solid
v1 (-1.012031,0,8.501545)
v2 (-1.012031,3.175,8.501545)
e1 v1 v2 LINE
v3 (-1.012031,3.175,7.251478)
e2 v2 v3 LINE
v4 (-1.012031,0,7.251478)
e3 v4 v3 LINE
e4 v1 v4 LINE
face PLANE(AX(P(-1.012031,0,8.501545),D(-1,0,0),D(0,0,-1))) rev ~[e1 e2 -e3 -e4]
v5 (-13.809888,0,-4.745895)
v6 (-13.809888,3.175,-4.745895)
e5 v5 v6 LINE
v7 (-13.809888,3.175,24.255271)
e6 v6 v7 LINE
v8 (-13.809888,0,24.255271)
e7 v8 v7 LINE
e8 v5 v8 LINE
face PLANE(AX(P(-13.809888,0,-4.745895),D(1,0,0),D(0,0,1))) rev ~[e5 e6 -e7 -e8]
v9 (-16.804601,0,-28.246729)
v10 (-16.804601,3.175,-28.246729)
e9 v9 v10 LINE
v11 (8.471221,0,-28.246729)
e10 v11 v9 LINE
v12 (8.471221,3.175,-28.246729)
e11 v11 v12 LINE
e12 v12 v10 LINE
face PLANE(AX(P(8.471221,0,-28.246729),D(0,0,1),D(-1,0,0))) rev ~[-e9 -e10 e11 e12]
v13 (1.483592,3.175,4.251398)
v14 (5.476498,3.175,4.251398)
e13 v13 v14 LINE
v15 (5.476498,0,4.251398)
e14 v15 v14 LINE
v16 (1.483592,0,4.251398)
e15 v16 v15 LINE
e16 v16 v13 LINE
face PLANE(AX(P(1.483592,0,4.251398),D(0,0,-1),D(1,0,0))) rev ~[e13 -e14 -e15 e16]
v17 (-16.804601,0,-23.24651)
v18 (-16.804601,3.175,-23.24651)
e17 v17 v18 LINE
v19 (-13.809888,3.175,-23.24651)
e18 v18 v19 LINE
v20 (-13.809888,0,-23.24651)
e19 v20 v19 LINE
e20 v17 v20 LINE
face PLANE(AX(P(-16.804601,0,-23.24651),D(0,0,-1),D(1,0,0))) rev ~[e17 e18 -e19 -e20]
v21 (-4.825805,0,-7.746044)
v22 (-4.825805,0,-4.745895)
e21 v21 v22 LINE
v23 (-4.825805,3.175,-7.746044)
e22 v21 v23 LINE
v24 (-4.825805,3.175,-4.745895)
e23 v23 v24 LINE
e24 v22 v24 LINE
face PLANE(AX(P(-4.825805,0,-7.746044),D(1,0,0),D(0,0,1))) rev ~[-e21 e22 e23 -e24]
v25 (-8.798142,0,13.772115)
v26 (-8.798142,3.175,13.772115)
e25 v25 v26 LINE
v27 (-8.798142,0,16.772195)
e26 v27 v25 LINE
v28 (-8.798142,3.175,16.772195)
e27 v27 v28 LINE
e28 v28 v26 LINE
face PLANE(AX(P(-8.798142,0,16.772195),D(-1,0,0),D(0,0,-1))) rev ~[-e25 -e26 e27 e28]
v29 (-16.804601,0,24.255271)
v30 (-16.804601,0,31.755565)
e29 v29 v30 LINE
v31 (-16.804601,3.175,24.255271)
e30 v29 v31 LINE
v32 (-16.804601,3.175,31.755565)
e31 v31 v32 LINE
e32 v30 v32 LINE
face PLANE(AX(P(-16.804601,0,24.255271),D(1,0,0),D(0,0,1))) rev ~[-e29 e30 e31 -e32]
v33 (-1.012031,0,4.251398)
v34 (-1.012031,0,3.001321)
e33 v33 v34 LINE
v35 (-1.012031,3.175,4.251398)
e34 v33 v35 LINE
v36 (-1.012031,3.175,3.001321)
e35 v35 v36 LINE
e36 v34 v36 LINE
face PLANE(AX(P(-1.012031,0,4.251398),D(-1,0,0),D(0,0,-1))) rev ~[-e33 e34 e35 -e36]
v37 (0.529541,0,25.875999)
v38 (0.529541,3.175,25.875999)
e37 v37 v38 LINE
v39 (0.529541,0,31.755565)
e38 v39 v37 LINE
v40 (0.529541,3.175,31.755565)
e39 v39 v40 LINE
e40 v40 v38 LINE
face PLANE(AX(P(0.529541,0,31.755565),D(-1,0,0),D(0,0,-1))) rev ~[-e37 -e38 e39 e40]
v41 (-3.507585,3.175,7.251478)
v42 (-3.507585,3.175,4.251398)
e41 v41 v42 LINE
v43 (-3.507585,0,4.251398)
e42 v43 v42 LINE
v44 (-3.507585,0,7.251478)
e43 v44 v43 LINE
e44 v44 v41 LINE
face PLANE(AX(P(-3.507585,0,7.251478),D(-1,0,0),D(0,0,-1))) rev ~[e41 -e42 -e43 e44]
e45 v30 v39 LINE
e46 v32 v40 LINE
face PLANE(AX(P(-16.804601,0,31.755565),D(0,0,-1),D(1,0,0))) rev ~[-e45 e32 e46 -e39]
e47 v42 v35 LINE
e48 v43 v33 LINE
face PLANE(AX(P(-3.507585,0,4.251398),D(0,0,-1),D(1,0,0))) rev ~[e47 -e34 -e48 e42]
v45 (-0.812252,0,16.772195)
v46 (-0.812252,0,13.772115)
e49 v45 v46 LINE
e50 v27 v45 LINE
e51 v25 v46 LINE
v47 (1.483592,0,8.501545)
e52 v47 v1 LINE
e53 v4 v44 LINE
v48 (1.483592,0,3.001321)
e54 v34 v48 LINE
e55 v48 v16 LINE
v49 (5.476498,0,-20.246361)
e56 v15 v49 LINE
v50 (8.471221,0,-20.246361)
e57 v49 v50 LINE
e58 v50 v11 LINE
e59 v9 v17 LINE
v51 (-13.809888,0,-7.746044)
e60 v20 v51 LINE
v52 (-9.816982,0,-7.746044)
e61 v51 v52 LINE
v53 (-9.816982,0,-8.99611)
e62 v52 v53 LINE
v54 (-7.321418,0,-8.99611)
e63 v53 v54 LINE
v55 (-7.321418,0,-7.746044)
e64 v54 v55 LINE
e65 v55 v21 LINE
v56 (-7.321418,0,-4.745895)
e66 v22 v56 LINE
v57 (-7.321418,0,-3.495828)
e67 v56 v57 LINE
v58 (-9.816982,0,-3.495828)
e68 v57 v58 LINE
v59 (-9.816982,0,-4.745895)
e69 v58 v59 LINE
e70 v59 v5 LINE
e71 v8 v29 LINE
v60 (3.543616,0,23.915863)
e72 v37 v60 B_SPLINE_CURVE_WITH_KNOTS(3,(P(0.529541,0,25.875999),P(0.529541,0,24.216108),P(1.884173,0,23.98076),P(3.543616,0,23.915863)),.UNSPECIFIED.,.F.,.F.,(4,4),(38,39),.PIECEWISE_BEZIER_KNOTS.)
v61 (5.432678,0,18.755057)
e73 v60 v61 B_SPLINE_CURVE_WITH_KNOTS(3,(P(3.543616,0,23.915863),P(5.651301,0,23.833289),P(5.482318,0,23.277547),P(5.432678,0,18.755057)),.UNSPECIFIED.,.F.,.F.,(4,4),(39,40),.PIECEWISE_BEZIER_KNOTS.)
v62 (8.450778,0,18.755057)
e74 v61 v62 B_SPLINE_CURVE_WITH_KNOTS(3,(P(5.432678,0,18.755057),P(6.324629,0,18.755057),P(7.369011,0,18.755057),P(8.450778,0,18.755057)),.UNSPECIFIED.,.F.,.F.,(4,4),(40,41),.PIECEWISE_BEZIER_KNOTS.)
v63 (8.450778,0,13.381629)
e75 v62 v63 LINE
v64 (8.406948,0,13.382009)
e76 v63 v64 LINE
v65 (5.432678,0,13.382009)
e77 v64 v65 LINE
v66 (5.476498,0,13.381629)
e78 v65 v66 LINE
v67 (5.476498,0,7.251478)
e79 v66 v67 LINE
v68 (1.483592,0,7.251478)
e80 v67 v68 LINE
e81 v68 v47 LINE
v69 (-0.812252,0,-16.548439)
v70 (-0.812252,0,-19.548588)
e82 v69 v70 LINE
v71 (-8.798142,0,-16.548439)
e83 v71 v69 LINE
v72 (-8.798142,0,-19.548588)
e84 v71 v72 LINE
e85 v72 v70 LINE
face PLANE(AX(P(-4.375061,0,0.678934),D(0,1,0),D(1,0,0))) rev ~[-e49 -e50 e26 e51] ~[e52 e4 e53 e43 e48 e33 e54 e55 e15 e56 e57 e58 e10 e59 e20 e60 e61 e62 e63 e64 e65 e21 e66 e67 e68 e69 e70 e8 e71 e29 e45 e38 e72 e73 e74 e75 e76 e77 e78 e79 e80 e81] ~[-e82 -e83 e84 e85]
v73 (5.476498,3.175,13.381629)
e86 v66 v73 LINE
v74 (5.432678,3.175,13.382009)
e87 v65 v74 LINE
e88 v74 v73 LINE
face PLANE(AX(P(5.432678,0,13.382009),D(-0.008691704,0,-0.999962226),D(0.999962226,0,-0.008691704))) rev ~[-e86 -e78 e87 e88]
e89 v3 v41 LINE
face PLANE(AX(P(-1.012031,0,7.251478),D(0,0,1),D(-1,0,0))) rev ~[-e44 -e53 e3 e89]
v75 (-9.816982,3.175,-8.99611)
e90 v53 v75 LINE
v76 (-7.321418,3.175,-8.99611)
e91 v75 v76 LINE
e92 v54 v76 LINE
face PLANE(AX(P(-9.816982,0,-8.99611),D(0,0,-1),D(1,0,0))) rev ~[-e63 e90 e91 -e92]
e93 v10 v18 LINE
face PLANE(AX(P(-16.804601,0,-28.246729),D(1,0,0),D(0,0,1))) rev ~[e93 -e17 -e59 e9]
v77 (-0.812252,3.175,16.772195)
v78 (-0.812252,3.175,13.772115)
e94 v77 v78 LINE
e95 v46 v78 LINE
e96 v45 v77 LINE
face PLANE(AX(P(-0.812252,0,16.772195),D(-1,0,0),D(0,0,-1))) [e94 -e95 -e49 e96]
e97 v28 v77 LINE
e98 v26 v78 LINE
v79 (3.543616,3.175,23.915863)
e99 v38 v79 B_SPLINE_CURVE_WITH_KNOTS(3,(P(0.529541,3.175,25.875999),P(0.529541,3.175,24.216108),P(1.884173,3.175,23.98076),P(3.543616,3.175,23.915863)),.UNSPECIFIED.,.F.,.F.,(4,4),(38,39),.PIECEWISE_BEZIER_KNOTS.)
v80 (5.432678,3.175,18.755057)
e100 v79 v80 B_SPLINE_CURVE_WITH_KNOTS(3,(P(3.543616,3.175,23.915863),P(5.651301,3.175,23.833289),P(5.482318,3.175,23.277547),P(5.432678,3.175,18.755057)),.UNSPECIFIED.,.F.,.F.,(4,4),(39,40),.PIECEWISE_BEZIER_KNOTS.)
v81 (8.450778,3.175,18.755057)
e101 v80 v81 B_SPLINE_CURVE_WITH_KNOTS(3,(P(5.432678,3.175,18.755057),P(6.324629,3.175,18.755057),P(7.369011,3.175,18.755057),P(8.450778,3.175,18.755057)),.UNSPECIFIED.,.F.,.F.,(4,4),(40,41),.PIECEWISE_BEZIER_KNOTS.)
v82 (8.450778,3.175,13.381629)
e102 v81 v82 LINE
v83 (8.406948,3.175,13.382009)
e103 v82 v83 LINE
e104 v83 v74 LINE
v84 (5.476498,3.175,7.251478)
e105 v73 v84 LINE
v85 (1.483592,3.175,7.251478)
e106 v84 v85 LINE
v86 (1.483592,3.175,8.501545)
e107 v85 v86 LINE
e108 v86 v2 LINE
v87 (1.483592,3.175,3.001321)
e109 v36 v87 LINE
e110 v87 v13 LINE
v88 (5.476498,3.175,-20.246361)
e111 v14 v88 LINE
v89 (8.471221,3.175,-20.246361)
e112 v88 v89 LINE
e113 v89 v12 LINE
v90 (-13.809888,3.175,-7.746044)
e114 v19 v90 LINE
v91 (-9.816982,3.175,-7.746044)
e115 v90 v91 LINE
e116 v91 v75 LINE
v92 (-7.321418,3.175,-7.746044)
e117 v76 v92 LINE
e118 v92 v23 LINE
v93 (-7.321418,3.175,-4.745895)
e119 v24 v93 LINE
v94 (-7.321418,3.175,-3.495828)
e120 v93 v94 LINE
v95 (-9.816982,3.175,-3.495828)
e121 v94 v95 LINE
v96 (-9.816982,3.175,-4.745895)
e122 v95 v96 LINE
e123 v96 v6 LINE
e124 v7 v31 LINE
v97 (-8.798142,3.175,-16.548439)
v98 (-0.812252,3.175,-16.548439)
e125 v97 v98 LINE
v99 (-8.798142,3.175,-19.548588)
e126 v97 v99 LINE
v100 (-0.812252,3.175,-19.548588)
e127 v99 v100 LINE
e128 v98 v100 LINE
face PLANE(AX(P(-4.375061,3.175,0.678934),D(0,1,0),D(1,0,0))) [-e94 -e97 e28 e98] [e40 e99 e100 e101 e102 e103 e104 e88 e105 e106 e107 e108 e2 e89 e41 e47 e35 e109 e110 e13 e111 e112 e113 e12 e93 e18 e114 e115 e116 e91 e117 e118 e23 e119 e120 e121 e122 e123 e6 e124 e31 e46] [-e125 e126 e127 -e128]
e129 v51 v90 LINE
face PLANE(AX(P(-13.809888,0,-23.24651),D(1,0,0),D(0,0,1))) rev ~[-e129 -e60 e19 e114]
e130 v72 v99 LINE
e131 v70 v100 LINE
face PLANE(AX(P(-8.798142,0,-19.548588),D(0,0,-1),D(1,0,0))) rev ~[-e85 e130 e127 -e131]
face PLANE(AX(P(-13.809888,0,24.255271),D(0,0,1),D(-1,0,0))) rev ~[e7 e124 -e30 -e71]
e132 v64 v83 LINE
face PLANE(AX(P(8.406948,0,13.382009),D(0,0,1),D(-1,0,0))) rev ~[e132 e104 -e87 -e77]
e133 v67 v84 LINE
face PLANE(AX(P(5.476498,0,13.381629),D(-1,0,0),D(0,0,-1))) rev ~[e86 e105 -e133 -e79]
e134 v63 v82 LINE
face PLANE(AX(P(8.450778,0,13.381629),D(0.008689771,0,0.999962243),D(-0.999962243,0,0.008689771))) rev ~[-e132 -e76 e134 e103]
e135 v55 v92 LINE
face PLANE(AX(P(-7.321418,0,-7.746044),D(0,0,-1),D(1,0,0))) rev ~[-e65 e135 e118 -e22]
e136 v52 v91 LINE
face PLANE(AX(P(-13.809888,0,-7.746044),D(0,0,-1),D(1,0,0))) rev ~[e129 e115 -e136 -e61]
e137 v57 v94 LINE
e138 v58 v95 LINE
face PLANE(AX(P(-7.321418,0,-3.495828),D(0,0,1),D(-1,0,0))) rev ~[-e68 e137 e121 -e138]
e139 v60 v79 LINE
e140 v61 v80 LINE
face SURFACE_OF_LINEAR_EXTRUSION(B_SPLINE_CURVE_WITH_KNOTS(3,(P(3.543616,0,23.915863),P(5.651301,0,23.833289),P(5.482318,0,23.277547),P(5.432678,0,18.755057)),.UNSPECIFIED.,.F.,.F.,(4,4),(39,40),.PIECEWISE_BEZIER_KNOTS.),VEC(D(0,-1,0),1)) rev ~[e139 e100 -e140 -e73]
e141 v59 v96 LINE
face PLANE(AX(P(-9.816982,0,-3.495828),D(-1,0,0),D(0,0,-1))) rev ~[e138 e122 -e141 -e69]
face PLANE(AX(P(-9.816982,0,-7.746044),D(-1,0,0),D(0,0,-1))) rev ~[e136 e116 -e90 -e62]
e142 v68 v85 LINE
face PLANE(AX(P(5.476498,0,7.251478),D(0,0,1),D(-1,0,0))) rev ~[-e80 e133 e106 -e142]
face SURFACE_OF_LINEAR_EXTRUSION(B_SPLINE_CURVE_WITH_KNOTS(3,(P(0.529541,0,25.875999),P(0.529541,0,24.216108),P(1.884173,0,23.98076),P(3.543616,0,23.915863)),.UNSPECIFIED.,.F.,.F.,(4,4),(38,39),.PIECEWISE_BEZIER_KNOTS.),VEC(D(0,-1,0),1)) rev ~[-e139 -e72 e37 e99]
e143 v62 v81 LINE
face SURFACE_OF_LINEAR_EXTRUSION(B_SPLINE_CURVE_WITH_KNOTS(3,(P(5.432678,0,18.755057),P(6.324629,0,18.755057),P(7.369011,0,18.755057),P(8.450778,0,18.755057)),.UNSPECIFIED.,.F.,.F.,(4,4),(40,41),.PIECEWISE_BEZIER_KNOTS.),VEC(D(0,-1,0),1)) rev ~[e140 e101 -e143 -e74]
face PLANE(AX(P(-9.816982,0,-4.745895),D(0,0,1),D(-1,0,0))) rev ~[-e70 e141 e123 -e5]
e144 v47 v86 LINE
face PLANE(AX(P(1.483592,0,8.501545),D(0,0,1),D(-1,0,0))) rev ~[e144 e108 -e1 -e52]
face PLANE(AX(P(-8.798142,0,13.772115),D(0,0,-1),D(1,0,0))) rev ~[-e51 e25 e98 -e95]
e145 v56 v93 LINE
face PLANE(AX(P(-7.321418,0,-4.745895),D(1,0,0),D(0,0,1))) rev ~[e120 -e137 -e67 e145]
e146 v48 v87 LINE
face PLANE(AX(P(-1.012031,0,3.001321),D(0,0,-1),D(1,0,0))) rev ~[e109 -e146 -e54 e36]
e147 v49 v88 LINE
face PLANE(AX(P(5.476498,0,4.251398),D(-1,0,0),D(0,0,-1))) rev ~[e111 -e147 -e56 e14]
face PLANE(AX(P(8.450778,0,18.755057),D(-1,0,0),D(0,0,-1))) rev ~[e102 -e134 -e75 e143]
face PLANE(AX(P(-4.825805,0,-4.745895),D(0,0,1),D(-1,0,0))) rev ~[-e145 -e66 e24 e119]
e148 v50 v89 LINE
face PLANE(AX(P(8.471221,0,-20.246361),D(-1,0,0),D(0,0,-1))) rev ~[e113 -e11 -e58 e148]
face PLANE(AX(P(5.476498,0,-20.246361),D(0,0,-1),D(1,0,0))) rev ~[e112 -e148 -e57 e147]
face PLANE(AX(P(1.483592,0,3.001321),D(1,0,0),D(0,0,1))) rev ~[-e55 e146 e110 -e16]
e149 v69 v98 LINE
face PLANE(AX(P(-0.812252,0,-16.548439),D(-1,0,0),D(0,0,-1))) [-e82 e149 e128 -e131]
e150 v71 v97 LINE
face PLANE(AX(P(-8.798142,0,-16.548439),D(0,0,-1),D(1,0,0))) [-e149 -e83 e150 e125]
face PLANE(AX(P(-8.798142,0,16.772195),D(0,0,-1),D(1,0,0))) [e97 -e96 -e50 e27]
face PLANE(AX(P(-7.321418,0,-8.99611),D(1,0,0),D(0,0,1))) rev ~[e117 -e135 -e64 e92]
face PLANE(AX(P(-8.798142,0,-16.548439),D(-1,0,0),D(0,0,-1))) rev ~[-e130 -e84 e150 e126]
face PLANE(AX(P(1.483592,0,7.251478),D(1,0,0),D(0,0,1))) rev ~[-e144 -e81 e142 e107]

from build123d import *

# Parameters (mm, degrees)
SKETCH1_W           = 7.985890062
SKETCH1_H           = 3.00014889
SKETCH1_W_2         = 7.985890063
SKETCH1_H_2         = 3.000080527
BOSS_EXTRUDE1_DEPTH = 3.175


with BuildPart() as part:
    # Sketch1 → Boss-Extrude1 (new body)
    with BuildSketch(Plane(origin=(0, 0, 0), x_dir=(1, 0, 0), z_dir=(0, 1, 0))):
        with BuildLine():
            Line((8.450778283, -13.38162857), (8.406948402, -13.382009456))
            Line((8.406948402, -13.382009456), (5.43267765, -13.382009456))
            Line((5.43267765, -13.382009456), (5.476497782, -13.38162857))
            Line((5.476497782, -13.38162857), (5.476497782, -7.251478059))
            Line((5.476497782, -7.251478059), (1.483591746, -7.251478059))
            Line((1.483591746, -7.251478059), (1.483591746, -8.50154498))
            Line((1.483591746, -8.50154498), (-1.012030582, -8.50154498))
            Line((-1.012030582, -8.50154498), (-1.012030582, -7.251478059))
            Line((-1.012030582, -7.251478059), (-3.507584669, -7.251478059))
            Line((-3.507584669, -7.251478059), (-3.507584669, -4.251397533))
            Line((-3.507584669, -4.251397533), (-1.012030582, -4.251397533))
            Line((-1.012030582, -4.251397533), (-1.012030582, -3.001320846))
            Line((-1.012030582, -3.001320846), (1.483591746, -3.001320846))
            Line((1.483591746, -3.001320846), (1.483591746, -4.251397533))
            Line((1.483591746, -4.251397533), (5.476497782, -4.251397533))
            Line((5.476497782, -4.251397533), (5.476497782, 20.246361134))
            Line((5.476497782, 20.246361134), (8.471221179, 20.246361134))
            Line((8.471221179, 20.246361134), (8.471221179, 28.246728876))
            Line((8.471221179, 28.246728876), (-16.804601477, 28.246728876))
            Line((-16.804601477, 28.246728876), (-16.804601477, 23.246510025))
            Line((-16.804601477, 23.246510025), (-13.809887829, 23.246510025))
            Line((-13.809887829, 23.246510025), (-13.809887829, 7.746043514))
            Line((-13.809887829, 7.746043514), (-9.816981793, 7.746043514))
            Line((-9.816981793, 7.746043514), (-9.816981793, 8.996110434))
            Line((-9.816981793, 8.996110434), (-7.321417957, 8.996110434))
            Line((-7.321417957, 8.996110434), (-7.321417957, 7.746043514))
            Line((-7.321417957, 7.746043514), (-4.825805378, 7.746043514))
            Line((-4.825805378, 7.746043514), (-4.825805378, 4.745894623))
            Line((-4.825805378, 4.745894623), (-7.321417957, 4.745894623))
            Line((-7.321417957, 4.745894623), (-7.321417957, 3.495827702))
            Line((-7.321417957, 3.495827702), (-9.816981793, 3.495827702))
            Line((-9.816981793, 3.495827702), (-9.816981793, 4.745894623))
            Line((-9.816981793, 4.745894623), (-13.809887829, 4.745894623))
            Line((-13.809887829, 4.745894623), (-13.809887829, -24.255271193))
            Line((-13.809887829, -24.255271193), (-16.804601477, -24.255271193))
            Line((-16.804601477, -24.255271193), (-16.804601477, -31.755565288))
            Line((-16.804601477, -31.755565288), (0.529541194, -31.755565288))
            Line((0.529541194, -31.755565288), (0.529541194, -25.875998513))
            add(Edge.make_bspline(
                [(0.529541194, -25.875998513), (0.529541194, -24.216108328), (1.884173069, -23.980760021), (3.543615638, -23.915862955)],
                knots=[38, 38, 38, 38, 39, 39, 39, 39], degree=3))
            add(Edge.make_bspline(
                [(3.543615638, -23.915862955), (5.651300627, -23.833288885), (5.482317719, -23.277547326), (5.43267765, -18.755056825)],
                knots=[39, 39, 39, 39, 40, 40, 40, 40], degree=3))
            add(Edge.make_bspline(
                [(5.43267765, -18.755056825), (6.324629372, -18.755056826), (7.369010812, -18.755056826), (8.450778283, -18.755056826)],
                knots=[40, 40, 40, 40, 41, 41, 41, 41], degree=3))
            Line((8.450778283, -18.755056826), (8.450778283, -13.38162857))
        make_face()
        with Locations((-4.805196753, 18.048513823)):
            Rectangle(SKETCH1_W, SKETCH1_H, mode=Mode.SUBTRACT)
        with Locations((-4.805196754, -15.272154822)):
            Rectangle(SKETCH1_W_2, SKETCH1_H_2, mode=Mode.SUBTRACT)
    extrude(amount=BOSS_EXTRUDE1_DEPTH)


solid = part.part
